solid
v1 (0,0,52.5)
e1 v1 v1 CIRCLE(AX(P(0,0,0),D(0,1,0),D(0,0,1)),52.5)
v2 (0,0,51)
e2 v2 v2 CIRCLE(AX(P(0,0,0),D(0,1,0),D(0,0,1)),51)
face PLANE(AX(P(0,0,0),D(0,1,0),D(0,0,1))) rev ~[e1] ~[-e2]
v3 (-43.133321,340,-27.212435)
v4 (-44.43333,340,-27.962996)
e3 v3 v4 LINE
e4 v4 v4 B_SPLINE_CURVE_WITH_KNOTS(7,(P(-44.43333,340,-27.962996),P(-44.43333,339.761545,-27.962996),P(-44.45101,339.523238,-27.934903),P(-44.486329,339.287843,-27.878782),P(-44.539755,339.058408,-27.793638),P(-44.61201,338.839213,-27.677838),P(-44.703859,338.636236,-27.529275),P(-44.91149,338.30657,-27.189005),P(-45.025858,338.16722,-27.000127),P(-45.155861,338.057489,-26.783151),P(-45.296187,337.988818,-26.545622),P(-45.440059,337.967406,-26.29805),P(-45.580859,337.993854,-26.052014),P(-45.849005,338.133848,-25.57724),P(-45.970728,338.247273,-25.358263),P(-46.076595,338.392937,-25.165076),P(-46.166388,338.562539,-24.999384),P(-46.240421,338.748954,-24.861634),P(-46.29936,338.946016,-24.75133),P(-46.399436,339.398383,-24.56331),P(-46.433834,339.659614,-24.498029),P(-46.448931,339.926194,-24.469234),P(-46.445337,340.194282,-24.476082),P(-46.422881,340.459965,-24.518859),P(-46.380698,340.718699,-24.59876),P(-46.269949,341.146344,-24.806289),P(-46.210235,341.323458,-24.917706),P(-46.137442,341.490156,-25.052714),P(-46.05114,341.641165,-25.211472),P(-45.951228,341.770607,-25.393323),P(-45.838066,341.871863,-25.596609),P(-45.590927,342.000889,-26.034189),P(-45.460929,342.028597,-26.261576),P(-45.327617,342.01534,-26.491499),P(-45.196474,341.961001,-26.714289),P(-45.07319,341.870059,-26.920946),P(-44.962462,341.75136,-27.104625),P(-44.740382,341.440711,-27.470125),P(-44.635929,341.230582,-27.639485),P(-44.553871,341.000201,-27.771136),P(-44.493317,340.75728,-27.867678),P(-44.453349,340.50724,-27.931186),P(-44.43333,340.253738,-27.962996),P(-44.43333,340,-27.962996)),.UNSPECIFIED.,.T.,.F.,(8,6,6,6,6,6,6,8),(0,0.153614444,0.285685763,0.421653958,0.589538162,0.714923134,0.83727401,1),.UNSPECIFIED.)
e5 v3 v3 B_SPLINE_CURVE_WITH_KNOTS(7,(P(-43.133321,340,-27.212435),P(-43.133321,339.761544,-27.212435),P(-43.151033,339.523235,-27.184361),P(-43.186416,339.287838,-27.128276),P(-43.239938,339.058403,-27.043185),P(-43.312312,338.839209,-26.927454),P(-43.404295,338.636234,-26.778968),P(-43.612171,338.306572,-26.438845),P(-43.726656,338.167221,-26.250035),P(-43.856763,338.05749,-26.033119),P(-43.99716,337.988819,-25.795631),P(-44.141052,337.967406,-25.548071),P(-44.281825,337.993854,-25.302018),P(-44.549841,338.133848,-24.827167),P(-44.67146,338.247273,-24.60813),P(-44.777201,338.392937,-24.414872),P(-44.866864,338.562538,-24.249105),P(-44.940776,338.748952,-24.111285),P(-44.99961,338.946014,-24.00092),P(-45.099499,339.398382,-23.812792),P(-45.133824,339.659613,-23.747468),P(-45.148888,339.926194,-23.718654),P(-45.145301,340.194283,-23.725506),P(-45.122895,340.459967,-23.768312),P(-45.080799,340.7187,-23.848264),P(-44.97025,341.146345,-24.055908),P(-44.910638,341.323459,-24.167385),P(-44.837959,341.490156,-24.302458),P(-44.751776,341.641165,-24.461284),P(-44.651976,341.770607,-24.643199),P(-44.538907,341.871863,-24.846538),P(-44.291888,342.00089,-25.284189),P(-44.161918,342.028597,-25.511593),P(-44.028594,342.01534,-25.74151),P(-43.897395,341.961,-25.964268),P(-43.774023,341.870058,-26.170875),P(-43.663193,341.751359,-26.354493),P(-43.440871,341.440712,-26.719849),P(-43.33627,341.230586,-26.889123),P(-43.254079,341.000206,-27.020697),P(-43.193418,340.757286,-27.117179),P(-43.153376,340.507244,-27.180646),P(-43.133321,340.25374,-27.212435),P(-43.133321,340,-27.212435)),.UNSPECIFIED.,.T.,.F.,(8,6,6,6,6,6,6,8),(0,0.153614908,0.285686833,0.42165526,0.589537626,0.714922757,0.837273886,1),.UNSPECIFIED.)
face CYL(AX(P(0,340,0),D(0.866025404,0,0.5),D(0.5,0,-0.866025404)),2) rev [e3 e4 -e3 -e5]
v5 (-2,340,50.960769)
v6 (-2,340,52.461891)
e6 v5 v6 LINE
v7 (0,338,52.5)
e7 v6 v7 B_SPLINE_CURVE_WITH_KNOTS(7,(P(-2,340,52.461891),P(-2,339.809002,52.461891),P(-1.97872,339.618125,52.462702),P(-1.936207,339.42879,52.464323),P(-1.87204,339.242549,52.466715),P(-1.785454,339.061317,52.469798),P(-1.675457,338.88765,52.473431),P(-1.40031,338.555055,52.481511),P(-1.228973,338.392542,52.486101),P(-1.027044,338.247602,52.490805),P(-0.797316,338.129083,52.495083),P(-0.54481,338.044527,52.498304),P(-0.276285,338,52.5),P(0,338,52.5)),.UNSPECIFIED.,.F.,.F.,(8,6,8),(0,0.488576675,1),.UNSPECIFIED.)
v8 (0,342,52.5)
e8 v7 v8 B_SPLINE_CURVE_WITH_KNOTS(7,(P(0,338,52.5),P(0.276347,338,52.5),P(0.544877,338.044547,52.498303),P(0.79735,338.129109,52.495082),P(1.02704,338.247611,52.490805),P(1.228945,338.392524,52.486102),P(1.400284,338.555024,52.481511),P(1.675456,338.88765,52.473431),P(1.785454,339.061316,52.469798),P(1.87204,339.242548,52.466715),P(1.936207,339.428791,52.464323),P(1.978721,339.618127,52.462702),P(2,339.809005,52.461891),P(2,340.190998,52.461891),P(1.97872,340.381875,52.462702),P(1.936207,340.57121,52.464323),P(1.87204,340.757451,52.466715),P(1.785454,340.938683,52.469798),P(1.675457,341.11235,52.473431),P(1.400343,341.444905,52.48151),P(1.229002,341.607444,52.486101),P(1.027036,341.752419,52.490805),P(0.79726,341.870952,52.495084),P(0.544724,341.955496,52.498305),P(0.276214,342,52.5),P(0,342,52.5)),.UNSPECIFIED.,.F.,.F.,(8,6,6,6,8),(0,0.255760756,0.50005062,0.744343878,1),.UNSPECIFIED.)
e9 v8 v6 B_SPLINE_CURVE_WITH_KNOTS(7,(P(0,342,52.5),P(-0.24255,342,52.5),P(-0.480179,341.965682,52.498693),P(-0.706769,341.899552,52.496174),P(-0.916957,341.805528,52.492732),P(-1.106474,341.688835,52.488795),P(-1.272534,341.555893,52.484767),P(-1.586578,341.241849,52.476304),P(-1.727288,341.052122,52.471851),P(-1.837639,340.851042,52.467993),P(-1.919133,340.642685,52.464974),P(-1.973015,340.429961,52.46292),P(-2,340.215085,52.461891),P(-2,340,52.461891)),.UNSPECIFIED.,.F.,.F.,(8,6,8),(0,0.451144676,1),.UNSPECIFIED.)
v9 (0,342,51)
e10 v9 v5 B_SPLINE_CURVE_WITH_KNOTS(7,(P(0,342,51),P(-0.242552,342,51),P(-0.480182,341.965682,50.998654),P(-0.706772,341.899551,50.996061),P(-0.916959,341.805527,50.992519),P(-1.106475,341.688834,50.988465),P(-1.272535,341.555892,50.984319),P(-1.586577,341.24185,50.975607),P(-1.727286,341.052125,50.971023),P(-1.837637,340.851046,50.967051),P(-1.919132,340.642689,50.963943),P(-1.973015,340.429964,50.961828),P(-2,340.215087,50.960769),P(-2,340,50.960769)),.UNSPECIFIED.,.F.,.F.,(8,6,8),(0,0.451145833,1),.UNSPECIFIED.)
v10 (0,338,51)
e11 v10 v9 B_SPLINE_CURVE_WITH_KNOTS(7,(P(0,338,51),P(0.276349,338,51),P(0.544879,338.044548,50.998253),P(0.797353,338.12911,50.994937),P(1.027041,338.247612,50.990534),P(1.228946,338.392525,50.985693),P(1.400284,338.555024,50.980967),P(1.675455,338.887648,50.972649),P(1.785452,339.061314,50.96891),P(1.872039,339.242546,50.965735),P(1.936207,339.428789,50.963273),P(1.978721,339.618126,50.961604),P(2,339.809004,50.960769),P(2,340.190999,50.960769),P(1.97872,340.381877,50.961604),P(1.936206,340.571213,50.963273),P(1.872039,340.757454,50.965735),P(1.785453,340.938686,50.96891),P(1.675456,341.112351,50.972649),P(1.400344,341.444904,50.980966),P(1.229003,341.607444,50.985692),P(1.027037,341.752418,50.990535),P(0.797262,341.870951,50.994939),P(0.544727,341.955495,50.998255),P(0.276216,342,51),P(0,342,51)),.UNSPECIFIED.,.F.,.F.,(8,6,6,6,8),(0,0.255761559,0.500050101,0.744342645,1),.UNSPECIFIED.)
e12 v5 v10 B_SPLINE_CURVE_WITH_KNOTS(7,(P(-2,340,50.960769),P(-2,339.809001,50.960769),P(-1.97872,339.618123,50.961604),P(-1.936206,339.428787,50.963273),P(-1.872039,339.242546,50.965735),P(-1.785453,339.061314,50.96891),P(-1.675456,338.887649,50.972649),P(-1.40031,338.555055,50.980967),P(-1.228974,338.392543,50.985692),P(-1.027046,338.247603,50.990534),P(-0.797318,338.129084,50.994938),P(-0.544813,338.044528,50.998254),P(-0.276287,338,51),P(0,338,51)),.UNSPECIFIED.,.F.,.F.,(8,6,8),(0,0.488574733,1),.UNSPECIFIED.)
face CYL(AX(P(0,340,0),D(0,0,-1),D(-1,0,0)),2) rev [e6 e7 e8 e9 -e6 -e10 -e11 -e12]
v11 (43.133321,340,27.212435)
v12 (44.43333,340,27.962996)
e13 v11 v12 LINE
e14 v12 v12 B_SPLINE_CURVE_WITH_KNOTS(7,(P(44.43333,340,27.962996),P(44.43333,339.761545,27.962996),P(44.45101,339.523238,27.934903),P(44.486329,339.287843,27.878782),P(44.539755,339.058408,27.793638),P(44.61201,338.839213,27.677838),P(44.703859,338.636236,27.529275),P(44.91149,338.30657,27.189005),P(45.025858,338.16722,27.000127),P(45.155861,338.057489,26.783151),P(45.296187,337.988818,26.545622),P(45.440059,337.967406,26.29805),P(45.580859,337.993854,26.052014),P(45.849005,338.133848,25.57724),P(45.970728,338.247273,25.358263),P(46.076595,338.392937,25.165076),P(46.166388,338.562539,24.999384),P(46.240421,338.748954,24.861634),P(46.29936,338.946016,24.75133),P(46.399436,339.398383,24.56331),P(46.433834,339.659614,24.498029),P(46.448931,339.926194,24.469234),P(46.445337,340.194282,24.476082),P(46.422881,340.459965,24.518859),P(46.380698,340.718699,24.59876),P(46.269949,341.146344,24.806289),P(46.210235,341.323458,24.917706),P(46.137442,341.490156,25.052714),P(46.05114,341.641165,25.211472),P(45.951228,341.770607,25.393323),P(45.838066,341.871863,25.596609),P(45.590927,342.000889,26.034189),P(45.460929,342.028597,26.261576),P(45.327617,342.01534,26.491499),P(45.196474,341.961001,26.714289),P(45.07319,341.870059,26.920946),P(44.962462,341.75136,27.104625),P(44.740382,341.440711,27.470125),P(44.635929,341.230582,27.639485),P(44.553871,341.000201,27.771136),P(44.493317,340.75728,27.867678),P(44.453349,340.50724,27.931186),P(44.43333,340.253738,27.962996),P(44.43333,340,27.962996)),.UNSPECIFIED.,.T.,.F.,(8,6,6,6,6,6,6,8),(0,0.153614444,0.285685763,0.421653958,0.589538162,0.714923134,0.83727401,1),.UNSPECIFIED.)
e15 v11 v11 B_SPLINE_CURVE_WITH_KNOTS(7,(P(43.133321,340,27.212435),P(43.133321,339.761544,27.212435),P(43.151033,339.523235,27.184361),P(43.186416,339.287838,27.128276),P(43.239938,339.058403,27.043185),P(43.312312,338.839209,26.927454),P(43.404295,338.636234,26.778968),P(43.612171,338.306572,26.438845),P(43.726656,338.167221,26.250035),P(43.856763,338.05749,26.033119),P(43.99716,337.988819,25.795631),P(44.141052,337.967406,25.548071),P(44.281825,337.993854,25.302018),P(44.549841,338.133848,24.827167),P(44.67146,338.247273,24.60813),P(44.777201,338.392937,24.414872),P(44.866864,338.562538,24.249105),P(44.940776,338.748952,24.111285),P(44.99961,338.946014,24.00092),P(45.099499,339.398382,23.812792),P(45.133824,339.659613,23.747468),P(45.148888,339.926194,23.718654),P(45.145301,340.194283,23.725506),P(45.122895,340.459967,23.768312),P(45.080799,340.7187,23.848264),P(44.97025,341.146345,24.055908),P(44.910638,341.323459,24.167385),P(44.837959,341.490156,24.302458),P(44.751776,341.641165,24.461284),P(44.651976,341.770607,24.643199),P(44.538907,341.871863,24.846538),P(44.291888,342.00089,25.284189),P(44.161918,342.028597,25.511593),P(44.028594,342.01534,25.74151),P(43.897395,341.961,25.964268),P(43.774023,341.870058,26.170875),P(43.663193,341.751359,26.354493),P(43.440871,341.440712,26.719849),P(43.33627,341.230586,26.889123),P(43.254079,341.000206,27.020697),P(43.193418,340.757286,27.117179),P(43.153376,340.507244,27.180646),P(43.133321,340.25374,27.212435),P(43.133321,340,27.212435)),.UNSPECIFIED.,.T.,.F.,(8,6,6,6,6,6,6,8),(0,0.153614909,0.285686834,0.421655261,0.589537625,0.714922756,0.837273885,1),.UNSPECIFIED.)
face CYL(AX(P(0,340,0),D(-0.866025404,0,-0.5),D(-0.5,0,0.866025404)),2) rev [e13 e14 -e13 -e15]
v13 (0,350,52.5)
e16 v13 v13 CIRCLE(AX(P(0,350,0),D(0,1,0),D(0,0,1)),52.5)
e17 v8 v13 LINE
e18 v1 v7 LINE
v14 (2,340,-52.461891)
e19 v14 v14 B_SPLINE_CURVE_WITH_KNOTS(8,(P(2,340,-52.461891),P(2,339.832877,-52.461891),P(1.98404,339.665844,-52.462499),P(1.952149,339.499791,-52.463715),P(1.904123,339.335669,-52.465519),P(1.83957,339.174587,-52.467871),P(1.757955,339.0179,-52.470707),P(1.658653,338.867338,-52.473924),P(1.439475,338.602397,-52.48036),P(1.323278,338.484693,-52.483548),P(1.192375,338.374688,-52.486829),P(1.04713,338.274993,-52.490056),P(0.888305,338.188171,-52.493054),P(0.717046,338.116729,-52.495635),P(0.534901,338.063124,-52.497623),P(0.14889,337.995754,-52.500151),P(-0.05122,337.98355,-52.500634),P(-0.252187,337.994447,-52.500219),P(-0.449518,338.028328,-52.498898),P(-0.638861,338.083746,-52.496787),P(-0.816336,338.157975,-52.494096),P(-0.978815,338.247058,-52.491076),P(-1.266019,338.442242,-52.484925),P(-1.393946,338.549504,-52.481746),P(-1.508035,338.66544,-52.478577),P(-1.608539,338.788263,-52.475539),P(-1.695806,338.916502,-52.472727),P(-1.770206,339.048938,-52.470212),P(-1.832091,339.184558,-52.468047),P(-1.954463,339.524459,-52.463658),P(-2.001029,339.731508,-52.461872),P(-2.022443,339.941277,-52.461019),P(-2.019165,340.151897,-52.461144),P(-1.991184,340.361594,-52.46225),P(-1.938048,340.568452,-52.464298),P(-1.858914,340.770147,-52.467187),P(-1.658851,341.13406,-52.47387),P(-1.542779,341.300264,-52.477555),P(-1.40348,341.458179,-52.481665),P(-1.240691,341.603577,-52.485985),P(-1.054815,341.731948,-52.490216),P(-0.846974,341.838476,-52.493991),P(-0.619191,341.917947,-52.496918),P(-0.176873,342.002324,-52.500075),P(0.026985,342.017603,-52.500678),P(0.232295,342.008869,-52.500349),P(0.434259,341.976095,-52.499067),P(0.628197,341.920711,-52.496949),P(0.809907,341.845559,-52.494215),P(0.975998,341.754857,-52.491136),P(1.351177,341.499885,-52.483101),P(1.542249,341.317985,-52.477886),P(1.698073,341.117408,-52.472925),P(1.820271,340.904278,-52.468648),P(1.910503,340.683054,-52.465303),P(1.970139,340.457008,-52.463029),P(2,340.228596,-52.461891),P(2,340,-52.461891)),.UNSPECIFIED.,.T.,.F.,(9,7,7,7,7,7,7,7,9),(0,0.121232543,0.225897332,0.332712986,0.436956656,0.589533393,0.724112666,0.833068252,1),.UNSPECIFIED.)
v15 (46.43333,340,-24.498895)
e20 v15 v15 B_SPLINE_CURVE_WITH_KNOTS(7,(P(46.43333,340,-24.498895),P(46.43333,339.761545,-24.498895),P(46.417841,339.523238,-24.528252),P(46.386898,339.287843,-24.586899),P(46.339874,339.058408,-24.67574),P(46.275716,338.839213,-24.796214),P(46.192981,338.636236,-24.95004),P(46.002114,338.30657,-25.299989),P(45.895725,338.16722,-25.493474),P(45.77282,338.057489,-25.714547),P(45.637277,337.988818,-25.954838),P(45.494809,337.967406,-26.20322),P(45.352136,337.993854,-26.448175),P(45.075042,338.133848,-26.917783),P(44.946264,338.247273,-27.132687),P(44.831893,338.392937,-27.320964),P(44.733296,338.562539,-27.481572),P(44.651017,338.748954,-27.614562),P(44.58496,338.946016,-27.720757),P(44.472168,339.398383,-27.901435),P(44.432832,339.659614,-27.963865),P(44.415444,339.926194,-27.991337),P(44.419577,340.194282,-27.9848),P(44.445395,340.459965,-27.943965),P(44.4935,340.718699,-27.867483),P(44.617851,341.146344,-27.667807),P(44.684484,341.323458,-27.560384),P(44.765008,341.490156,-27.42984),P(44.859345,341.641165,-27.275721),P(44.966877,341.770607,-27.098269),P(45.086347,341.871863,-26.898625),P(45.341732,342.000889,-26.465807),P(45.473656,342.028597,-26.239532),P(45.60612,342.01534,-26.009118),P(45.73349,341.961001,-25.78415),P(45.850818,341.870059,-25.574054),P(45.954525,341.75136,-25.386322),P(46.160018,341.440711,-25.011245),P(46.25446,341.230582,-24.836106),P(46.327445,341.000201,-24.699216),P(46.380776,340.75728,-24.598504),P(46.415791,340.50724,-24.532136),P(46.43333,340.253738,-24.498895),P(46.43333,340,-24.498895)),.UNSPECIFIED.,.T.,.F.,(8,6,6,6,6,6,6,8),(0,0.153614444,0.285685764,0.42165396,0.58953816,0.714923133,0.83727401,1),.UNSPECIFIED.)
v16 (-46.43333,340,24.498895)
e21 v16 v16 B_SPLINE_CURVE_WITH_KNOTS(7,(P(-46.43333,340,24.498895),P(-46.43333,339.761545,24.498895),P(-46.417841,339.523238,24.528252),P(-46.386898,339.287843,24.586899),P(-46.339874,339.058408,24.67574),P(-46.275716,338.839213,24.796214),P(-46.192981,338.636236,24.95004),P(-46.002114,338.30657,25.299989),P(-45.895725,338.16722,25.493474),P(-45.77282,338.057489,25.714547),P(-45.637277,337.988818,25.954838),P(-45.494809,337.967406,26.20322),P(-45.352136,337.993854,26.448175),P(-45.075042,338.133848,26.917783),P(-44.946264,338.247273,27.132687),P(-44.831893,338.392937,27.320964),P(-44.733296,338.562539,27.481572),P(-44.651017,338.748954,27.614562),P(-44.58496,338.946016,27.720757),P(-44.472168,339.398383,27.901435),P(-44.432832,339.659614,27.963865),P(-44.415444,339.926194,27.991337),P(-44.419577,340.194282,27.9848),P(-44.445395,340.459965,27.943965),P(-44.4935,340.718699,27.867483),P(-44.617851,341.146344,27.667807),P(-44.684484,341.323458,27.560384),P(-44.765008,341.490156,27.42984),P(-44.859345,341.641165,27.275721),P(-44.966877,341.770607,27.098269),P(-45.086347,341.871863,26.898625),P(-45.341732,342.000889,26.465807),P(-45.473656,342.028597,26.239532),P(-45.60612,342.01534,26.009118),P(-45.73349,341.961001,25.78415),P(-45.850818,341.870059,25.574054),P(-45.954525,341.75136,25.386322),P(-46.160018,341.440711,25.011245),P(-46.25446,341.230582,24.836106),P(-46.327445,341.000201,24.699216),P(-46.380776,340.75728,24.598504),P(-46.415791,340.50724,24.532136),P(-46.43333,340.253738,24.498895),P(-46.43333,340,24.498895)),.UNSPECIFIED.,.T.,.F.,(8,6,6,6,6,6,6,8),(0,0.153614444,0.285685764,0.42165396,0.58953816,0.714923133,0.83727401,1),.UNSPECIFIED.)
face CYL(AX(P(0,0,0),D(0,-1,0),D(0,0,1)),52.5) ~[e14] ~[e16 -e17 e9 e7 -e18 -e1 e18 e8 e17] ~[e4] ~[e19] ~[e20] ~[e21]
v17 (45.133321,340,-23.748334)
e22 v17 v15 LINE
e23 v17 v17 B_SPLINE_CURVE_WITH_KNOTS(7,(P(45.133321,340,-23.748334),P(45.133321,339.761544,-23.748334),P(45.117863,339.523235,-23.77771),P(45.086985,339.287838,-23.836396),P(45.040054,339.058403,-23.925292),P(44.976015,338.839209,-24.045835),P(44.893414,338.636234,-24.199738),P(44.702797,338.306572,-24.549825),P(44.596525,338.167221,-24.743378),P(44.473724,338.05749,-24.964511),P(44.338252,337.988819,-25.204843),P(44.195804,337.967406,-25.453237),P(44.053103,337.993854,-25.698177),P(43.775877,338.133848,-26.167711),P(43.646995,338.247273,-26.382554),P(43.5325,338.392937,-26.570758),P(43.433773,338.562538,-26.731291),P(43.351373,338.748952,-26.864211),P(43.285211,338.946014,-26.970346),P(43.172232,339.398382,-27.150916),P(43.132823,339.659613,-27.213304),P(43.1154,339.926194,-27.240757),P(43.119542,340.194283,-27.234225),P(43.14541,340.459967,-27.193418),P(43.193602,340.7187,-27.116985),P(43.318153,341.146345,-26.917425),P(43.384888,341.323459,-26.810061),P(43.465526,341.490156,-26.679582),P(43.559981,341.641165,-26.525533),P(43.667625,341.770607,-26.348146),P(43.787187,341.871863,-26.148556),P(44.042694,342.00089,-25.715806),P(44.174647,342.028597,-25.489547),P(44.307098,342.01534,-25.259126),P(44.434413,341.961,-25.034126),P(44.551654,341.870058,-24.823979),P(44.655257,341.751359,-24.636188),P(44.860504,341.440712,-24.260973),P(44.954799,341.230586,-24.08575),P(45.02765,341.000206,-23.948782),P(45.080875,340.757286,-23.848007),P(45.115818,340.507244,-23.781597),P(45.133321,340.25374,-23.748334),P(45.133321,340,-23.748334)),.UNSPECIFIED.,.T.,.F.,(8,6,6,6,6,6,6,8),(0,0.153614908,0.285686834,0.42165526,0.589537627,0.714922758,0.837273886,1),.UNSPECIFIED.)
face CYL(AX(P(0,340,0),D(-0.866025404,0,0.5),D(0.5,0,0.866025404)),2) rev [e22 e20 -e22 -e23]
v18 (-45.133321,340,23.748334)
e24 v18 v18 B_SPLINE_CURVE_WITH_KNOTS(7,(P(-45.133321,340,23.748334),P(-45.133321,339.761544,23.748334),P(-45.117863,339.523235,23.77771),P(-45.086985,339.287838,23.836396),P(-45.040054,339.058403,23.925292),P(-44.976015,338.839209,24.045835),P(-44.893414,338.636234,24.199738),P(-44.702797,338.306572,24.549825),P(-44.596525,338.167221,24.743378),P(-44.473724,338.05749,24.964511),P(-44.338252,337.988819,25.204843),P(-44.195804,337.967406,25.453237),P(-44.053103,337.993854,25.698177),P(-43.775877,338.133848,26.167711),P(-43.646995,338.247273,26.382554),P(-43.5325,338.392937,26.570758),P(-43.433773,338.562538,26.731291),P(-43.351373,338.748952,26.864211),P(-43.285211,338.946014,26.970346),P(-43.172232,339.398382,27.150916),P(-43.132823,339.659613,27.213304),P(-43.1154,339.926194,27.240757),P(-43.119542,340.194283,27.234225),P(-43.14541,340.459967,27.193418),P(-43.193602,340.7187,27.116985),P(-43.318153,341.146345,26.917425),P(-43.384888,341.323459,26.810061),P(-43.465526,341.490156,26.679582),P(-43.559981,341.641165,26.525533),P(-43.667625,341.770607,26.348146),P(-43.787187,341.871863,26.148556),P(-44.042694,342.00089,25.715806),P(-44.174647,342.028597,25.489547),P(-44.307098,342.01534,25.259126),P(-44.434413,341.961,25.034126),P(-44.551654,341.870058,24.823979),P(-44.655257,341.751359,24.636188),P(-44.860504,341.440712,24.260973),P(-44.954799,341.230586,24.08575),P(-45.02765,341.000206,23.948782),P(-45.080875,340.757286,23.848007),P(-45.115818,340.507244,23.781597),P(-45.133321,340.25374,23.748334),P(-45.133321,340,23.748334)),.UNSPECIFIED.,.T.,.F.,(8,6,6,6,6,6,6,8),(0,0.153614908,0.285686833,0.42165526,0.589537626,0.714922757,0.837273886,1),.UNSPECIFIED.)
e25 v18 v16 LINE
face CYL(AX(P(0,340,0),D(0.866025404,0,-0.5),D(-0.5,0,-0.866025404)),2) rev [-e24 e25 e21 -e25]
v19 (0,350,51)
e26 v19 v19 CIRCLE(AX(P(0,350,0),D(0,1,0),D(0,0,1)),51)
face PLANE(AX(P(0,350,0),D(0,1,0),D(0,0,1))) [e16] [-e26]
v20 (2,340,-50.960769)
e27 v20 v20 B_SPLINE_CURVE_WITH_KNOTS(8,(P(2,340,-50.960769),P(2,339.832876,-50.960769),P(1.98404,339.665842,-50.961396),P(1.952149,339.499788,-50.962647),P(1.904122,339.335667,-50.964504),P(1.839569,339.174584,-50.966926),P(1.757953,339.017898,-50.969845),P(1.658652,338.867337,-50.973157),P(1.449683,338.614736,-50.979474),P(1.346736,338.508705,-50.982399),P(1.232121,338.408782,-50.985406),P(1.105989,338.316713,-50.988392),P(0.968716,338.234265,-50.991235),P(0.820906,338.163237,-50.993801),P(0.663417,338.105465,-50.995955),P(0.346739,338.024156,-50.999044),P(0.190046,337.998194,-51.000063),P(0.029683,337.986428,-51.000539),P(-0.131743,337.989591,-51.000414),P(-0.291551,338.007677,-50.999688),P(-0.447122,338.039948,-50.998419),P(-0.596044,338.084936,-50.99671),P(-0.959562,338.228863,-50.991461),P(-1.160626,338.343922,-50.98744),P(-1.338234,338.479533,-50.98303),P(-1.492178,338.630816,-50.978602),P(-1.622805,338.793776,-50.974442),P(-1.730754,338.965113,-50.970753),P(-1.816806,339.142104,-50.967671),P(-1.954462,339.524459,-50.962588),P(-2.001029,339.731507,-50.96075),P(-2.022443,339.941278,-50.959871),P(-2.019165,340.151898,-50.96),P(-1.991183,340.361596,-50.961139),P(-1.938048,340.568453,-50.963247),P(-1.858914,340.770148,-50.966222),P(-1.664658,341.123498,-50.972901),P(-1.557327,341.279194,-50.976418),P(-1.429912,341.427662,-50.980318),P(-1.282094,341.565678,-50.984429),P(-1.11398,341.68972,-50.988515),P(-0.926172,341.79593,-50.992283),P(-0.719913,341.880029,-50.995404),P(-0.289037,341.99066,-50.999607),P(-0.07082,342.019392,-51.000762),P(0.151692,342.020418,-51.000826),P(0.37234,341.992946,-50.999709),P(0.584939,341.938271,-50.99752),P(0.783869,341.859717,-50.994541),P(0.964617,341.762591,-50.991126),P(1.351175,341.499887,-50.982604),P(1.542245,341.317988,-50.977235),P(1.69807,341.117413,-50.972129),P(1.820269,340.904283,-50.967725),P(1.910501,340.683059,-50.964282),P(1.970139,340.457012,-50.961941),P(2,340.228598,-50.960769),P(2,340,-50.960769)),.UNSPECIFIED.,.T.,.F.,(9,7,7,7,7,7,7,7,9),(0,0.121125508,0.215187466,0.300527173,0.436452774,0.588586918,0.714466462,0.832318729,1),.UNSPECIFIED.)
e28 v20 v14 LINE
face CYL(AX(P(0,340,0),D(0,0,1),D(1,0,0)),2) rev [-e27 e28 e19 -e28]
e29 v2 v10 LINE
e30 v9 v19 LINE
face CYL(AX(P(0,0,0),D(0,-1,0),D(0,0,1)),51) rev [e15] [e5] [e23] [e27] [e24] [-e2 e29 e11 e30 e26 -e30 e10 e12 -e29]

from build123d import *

# Parameters (mm, degrees)
SKETCH_1_R               = 52.5
SKETCH_1_R_2             = 51
EXTRUDE_1_DEPTH          = 350
SKETCH_2_R               = 2
CUT_EXTRUDE_1_DEPTH      = 64
PATTERN_CIRCULAR_1_COUNT = 6


with BuildPart() as part:
    # Эскиз1 → Бобышка-Вытянуть1 (new body)
    with BuildSketch(Plane(origin=(0, 0, 0), x_dir=(1, 0, 0), z_dir=(0, 1, 0))):
        with Locations(Location((0, 0, 0), (0, 0, 270))):
            Circle(SKETCH_1_R)
        with Locations(Location((0, 0, 0), (0, 0, 270))):
            Circle(SKETCH_1_R_2, mode=Mode.SUBTRACT)
    extrude(amount=EXTRUDE_1_DEPTH)

    # Эскиз2 → Вырез-Вытянуть1 (cut)
    with BuildSketch(Plane.XY):
        with Locations(Location((0, 340, 0), (0, 0, 180))):
            Circle(SKETCH_2_R)
    cut_extrude_1 = extrude(amount=CUT_EXTRUDE_1_DEPTH, mode=Mode.SUBTRACT)

    # Круговой массив1: Вырез-Вытянуть1 ×6 about axis
    pattern_circular_1_axis = Axis((0, 350, 0), (0, -1, 0))
    for i in range(1, PATTERN_CIRCULAR_1_COUNT):
        add(cut_extrude_1.rotate(pattern_circular_1_axis, i * 360 / PATTERN_CIRCULAR_1_COUNT), mode=Mode.SUBTRACT)


solid = part.part
